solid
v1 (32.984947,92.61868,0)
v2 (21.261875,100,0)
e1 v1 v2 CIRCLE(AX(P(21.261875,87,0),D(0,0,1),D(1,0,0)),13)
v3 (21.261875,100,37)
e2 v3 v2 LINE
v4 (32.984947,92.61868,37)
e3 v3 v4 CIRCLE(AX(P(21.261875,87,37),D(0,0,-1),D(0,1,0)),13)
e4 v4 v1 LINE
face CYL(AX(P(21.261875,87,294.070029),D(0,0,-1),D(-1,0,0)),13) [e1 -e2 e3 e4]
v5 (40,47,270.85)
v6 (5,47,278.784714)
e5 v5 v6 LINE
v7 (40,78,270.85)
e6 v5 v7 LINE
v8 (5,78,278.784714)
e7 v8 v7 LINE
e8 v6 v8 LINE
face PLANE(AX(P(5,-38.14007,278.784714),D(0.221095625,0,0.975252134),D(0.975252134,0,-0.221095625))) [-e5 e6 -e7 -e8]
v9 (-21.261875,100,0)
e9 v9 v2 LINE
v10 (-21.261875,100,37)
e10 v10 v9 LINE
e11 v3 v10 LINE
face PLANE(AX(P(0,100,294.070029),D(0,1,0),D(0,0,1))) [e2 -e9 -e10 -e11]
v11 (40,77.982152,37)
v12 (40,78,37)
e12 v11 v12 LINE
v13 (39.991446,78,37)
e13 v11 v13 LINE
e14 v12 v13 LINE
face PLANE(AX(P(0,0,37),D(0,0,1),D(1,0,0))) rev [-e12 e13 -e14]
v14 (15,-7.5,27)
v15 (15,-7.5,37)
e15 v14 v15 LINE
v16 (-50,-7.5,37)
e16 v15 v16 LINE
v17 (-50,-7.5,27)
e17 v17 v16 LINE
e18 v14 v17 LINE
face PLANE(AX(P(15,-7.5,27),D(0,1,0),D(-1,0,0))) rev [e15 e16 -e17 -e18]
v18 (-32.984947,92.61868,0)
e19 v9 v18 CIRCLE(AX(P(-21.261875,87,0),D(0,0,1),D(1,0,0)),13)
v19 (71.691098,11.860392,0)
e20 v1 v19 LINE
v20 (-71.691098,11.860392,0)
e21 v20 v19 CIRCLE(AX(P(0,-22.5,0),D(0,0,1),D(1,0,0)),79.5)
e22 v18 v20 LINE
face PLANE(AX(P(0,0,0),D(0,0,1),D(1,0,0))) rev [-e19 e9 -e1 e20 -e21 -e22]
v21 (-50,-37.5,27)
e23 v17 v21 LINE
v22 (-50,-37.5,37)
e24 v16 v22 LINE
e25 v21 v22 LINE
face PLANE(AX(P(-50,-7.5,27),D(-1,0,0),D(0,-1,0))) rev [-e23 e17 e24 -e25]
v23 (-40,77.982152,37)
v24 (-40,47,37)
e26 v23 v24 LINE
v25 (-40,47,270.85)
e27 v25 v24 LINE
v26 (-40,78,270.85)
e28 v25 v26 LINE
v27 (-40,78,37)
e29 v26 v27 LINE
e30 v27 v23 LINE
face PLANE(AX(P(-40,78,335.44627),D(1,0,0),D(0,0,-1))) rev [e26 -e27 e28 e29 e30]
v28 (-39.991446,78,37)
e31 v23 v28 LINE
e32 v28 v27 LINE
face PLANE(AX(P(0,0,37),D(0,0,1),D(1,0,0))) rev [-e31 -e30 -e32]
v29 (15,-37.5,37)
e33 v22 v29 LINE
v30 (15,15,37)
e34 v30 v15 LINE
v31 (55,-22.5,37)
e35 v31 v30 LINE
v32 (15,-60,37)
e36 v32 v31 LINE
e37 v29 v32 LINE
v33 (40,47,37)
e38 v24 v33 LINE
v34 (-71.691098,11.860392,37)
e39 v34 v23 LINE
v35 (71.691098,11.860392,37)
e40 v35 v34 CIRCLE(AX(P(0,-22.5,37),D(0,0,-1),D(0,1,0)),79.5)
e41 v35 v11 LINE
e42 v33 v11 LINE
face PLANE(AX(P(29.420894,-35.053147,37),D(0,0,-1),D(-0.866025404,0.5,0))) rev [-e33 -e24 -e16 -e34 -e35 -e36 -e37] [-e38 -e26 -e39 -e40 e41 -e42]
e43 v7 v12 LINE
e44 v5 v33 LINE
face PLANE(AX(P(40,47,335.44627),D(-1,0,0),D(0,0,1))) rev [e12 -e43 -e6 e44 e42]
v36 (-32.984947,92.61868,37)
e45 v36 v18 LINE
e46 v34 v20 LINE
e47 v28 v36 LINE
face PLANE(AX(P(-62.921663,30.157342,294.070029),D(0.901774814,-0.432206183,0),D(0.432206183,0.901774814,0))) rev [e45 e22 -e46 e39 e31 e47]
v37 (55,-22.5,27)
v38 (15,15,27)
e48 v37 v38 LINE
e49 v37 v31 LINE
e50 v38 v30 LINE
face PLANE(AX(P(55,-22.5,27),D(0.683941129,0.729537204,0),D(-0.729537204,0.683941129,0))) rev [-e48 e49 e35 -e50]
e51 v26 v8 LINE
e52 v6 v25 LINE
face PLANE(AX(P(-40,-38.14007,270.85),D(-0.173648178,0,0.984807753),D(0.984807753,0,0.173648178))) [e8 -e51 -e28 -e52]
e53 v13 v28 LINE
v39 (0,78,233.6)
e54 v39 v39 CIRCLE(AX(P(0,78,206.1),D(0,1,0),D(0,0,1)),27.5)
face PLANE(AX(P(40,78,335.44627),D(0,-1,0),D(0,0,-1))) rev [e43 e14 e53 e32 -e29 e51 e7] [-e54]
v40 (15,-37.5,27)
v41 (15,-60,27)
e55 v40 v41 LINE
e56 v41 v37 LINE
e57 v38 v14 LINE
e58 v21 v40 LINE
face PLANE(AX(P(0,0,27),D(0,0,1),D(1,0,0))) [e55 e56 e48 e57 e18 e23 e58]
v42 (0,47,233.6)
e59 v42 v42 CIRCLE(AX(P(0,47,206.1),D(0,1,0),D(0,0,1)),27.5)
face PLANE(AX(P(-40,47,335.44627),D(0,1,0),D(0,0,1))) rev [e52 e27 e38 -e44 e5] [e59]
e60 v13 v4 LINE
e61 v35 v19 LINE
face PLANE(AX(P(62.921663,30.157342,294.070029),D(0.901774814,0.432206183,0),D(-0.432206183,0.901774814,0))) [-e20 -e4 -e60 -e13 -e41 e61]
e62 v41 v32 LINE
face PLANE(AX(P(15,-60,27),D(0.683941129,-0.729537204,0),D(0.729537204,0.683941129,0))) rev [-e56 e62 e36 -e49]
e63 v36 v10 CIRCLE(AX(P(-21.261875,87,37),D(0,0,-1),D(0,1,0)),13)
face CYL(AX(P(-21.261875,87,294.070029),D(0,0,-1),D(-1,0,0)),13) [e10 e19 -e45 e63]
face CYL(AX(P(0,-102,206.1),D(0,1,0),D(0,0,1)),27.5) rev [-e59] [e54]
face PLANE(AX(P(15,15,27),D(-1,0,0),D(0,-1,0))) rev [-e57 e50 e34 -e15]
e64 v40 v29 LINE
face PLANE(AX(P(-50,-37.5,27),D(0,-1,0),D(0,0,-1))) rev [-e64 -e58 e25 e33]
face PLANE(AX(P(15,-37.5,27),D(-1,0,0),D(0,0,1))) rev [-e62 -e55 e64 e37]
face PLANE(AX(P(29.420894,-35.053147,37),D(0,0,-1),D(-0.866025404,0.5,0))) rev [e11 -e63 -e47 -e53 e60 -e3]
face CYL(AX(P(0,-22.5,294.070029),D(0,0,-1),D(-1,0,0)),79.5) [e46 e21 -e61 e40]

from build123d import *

# Parameters (mm, degrees)
SKETCH1_R           = 79.5
BOSS_EXTRUDE1_DEPTH = 37
SKETCH2_W           = 80
SKETCH2_H           = 31
BOSS_EXTRUDE2_DEPTH = 212.65
BOSS_EXTRUDE3_DEPTH = 31
CUT_EXTRUDE1_DEPTH  = 10
SKETCH5_R           = 27.5
CUT_EXTRUDE2_DEPTH  = 181


with BuildPart() as part:
    # Sketch1 → Boss-Extrude1 (new body)
    with BuildSketch(Plane.XY):
        with BuildLine():
            ThreePointArc((-21.261874522, 100), (-28.188531545, 98.000973706), (-32.984947104, 92.618680381))
            Line((-32.984947104, 92.618680381), (-71.691097716, 11.860391562))
            ThreePointArc((-71.691097716, 11.860391562), (0, 57), (71.691097716, 11.860391562))
            Line((71.691097716, 11.860391562), (32.984947104, 92.618680381))
            ThreePointArc((32.984947104, 92.618680381), (28.188531545, 98.000973706), (21.261874522, 100))
            Line((21.261874522, 100), (-21.261874522, 100))
        make_face()
        with Locations((0, -22.5)):
            Circle(SKETCH1_R)
    extrude(amount=BOSS_EXTRUDE1_DEPTH)

    # Sketch2 → Boss-Extrude2 (add)
    with BuildSketch(Plane.XY.offset(37)):
        with Locations((0, 62.5)):
            Rectangle(SKETCH2_W, SKETCH2_H)
    extrude(amount=BOSS_EXTRUDE2_DEPTH)

    # Sketch3 → Boss-Extrude3 (add)
    with BuildSketch(Plane(origin=(0, 78, 0), x_dir=(1, 0, 0), z_dir=(0, 1, 0))):
        Polygon((5, -278.784714132), (40, -270.85), (40, -249.65), (-40, -249.65), (-40, -270.85), align=None)
    extrude(amount=-BOSS_EXTRUDE3_DEPTH)

    # Sketch4 → Cut-Extrude1 (cut)
    with BuildSketch(Plane.XY.offset(37)):
        Polygon((55, -22.5), (15, 15), (15, -7.5), (-50, -7.5), (-50, -37.5), (15, -37.5), (15, -60), align=None)
    extrude(amount=-CUT_EXTRUDE1_DEPTH, mode=Mode.SUBTRACT)

    # Sketch5 → Cut-Extrude2 (cut, through all)
    with BuildSketch(Plane(origin=(0, 78, 0), x_dir=(1, 0, 0), z_dir=(0, 1, 0))):
        with Locations((0, -206.1)):
            Circle(SKETCH5_R)
    extrude(amount=-CUT_EXTRUDE2_DEPTH, mode=Mode.SUBTRACT)


solid = part.part
